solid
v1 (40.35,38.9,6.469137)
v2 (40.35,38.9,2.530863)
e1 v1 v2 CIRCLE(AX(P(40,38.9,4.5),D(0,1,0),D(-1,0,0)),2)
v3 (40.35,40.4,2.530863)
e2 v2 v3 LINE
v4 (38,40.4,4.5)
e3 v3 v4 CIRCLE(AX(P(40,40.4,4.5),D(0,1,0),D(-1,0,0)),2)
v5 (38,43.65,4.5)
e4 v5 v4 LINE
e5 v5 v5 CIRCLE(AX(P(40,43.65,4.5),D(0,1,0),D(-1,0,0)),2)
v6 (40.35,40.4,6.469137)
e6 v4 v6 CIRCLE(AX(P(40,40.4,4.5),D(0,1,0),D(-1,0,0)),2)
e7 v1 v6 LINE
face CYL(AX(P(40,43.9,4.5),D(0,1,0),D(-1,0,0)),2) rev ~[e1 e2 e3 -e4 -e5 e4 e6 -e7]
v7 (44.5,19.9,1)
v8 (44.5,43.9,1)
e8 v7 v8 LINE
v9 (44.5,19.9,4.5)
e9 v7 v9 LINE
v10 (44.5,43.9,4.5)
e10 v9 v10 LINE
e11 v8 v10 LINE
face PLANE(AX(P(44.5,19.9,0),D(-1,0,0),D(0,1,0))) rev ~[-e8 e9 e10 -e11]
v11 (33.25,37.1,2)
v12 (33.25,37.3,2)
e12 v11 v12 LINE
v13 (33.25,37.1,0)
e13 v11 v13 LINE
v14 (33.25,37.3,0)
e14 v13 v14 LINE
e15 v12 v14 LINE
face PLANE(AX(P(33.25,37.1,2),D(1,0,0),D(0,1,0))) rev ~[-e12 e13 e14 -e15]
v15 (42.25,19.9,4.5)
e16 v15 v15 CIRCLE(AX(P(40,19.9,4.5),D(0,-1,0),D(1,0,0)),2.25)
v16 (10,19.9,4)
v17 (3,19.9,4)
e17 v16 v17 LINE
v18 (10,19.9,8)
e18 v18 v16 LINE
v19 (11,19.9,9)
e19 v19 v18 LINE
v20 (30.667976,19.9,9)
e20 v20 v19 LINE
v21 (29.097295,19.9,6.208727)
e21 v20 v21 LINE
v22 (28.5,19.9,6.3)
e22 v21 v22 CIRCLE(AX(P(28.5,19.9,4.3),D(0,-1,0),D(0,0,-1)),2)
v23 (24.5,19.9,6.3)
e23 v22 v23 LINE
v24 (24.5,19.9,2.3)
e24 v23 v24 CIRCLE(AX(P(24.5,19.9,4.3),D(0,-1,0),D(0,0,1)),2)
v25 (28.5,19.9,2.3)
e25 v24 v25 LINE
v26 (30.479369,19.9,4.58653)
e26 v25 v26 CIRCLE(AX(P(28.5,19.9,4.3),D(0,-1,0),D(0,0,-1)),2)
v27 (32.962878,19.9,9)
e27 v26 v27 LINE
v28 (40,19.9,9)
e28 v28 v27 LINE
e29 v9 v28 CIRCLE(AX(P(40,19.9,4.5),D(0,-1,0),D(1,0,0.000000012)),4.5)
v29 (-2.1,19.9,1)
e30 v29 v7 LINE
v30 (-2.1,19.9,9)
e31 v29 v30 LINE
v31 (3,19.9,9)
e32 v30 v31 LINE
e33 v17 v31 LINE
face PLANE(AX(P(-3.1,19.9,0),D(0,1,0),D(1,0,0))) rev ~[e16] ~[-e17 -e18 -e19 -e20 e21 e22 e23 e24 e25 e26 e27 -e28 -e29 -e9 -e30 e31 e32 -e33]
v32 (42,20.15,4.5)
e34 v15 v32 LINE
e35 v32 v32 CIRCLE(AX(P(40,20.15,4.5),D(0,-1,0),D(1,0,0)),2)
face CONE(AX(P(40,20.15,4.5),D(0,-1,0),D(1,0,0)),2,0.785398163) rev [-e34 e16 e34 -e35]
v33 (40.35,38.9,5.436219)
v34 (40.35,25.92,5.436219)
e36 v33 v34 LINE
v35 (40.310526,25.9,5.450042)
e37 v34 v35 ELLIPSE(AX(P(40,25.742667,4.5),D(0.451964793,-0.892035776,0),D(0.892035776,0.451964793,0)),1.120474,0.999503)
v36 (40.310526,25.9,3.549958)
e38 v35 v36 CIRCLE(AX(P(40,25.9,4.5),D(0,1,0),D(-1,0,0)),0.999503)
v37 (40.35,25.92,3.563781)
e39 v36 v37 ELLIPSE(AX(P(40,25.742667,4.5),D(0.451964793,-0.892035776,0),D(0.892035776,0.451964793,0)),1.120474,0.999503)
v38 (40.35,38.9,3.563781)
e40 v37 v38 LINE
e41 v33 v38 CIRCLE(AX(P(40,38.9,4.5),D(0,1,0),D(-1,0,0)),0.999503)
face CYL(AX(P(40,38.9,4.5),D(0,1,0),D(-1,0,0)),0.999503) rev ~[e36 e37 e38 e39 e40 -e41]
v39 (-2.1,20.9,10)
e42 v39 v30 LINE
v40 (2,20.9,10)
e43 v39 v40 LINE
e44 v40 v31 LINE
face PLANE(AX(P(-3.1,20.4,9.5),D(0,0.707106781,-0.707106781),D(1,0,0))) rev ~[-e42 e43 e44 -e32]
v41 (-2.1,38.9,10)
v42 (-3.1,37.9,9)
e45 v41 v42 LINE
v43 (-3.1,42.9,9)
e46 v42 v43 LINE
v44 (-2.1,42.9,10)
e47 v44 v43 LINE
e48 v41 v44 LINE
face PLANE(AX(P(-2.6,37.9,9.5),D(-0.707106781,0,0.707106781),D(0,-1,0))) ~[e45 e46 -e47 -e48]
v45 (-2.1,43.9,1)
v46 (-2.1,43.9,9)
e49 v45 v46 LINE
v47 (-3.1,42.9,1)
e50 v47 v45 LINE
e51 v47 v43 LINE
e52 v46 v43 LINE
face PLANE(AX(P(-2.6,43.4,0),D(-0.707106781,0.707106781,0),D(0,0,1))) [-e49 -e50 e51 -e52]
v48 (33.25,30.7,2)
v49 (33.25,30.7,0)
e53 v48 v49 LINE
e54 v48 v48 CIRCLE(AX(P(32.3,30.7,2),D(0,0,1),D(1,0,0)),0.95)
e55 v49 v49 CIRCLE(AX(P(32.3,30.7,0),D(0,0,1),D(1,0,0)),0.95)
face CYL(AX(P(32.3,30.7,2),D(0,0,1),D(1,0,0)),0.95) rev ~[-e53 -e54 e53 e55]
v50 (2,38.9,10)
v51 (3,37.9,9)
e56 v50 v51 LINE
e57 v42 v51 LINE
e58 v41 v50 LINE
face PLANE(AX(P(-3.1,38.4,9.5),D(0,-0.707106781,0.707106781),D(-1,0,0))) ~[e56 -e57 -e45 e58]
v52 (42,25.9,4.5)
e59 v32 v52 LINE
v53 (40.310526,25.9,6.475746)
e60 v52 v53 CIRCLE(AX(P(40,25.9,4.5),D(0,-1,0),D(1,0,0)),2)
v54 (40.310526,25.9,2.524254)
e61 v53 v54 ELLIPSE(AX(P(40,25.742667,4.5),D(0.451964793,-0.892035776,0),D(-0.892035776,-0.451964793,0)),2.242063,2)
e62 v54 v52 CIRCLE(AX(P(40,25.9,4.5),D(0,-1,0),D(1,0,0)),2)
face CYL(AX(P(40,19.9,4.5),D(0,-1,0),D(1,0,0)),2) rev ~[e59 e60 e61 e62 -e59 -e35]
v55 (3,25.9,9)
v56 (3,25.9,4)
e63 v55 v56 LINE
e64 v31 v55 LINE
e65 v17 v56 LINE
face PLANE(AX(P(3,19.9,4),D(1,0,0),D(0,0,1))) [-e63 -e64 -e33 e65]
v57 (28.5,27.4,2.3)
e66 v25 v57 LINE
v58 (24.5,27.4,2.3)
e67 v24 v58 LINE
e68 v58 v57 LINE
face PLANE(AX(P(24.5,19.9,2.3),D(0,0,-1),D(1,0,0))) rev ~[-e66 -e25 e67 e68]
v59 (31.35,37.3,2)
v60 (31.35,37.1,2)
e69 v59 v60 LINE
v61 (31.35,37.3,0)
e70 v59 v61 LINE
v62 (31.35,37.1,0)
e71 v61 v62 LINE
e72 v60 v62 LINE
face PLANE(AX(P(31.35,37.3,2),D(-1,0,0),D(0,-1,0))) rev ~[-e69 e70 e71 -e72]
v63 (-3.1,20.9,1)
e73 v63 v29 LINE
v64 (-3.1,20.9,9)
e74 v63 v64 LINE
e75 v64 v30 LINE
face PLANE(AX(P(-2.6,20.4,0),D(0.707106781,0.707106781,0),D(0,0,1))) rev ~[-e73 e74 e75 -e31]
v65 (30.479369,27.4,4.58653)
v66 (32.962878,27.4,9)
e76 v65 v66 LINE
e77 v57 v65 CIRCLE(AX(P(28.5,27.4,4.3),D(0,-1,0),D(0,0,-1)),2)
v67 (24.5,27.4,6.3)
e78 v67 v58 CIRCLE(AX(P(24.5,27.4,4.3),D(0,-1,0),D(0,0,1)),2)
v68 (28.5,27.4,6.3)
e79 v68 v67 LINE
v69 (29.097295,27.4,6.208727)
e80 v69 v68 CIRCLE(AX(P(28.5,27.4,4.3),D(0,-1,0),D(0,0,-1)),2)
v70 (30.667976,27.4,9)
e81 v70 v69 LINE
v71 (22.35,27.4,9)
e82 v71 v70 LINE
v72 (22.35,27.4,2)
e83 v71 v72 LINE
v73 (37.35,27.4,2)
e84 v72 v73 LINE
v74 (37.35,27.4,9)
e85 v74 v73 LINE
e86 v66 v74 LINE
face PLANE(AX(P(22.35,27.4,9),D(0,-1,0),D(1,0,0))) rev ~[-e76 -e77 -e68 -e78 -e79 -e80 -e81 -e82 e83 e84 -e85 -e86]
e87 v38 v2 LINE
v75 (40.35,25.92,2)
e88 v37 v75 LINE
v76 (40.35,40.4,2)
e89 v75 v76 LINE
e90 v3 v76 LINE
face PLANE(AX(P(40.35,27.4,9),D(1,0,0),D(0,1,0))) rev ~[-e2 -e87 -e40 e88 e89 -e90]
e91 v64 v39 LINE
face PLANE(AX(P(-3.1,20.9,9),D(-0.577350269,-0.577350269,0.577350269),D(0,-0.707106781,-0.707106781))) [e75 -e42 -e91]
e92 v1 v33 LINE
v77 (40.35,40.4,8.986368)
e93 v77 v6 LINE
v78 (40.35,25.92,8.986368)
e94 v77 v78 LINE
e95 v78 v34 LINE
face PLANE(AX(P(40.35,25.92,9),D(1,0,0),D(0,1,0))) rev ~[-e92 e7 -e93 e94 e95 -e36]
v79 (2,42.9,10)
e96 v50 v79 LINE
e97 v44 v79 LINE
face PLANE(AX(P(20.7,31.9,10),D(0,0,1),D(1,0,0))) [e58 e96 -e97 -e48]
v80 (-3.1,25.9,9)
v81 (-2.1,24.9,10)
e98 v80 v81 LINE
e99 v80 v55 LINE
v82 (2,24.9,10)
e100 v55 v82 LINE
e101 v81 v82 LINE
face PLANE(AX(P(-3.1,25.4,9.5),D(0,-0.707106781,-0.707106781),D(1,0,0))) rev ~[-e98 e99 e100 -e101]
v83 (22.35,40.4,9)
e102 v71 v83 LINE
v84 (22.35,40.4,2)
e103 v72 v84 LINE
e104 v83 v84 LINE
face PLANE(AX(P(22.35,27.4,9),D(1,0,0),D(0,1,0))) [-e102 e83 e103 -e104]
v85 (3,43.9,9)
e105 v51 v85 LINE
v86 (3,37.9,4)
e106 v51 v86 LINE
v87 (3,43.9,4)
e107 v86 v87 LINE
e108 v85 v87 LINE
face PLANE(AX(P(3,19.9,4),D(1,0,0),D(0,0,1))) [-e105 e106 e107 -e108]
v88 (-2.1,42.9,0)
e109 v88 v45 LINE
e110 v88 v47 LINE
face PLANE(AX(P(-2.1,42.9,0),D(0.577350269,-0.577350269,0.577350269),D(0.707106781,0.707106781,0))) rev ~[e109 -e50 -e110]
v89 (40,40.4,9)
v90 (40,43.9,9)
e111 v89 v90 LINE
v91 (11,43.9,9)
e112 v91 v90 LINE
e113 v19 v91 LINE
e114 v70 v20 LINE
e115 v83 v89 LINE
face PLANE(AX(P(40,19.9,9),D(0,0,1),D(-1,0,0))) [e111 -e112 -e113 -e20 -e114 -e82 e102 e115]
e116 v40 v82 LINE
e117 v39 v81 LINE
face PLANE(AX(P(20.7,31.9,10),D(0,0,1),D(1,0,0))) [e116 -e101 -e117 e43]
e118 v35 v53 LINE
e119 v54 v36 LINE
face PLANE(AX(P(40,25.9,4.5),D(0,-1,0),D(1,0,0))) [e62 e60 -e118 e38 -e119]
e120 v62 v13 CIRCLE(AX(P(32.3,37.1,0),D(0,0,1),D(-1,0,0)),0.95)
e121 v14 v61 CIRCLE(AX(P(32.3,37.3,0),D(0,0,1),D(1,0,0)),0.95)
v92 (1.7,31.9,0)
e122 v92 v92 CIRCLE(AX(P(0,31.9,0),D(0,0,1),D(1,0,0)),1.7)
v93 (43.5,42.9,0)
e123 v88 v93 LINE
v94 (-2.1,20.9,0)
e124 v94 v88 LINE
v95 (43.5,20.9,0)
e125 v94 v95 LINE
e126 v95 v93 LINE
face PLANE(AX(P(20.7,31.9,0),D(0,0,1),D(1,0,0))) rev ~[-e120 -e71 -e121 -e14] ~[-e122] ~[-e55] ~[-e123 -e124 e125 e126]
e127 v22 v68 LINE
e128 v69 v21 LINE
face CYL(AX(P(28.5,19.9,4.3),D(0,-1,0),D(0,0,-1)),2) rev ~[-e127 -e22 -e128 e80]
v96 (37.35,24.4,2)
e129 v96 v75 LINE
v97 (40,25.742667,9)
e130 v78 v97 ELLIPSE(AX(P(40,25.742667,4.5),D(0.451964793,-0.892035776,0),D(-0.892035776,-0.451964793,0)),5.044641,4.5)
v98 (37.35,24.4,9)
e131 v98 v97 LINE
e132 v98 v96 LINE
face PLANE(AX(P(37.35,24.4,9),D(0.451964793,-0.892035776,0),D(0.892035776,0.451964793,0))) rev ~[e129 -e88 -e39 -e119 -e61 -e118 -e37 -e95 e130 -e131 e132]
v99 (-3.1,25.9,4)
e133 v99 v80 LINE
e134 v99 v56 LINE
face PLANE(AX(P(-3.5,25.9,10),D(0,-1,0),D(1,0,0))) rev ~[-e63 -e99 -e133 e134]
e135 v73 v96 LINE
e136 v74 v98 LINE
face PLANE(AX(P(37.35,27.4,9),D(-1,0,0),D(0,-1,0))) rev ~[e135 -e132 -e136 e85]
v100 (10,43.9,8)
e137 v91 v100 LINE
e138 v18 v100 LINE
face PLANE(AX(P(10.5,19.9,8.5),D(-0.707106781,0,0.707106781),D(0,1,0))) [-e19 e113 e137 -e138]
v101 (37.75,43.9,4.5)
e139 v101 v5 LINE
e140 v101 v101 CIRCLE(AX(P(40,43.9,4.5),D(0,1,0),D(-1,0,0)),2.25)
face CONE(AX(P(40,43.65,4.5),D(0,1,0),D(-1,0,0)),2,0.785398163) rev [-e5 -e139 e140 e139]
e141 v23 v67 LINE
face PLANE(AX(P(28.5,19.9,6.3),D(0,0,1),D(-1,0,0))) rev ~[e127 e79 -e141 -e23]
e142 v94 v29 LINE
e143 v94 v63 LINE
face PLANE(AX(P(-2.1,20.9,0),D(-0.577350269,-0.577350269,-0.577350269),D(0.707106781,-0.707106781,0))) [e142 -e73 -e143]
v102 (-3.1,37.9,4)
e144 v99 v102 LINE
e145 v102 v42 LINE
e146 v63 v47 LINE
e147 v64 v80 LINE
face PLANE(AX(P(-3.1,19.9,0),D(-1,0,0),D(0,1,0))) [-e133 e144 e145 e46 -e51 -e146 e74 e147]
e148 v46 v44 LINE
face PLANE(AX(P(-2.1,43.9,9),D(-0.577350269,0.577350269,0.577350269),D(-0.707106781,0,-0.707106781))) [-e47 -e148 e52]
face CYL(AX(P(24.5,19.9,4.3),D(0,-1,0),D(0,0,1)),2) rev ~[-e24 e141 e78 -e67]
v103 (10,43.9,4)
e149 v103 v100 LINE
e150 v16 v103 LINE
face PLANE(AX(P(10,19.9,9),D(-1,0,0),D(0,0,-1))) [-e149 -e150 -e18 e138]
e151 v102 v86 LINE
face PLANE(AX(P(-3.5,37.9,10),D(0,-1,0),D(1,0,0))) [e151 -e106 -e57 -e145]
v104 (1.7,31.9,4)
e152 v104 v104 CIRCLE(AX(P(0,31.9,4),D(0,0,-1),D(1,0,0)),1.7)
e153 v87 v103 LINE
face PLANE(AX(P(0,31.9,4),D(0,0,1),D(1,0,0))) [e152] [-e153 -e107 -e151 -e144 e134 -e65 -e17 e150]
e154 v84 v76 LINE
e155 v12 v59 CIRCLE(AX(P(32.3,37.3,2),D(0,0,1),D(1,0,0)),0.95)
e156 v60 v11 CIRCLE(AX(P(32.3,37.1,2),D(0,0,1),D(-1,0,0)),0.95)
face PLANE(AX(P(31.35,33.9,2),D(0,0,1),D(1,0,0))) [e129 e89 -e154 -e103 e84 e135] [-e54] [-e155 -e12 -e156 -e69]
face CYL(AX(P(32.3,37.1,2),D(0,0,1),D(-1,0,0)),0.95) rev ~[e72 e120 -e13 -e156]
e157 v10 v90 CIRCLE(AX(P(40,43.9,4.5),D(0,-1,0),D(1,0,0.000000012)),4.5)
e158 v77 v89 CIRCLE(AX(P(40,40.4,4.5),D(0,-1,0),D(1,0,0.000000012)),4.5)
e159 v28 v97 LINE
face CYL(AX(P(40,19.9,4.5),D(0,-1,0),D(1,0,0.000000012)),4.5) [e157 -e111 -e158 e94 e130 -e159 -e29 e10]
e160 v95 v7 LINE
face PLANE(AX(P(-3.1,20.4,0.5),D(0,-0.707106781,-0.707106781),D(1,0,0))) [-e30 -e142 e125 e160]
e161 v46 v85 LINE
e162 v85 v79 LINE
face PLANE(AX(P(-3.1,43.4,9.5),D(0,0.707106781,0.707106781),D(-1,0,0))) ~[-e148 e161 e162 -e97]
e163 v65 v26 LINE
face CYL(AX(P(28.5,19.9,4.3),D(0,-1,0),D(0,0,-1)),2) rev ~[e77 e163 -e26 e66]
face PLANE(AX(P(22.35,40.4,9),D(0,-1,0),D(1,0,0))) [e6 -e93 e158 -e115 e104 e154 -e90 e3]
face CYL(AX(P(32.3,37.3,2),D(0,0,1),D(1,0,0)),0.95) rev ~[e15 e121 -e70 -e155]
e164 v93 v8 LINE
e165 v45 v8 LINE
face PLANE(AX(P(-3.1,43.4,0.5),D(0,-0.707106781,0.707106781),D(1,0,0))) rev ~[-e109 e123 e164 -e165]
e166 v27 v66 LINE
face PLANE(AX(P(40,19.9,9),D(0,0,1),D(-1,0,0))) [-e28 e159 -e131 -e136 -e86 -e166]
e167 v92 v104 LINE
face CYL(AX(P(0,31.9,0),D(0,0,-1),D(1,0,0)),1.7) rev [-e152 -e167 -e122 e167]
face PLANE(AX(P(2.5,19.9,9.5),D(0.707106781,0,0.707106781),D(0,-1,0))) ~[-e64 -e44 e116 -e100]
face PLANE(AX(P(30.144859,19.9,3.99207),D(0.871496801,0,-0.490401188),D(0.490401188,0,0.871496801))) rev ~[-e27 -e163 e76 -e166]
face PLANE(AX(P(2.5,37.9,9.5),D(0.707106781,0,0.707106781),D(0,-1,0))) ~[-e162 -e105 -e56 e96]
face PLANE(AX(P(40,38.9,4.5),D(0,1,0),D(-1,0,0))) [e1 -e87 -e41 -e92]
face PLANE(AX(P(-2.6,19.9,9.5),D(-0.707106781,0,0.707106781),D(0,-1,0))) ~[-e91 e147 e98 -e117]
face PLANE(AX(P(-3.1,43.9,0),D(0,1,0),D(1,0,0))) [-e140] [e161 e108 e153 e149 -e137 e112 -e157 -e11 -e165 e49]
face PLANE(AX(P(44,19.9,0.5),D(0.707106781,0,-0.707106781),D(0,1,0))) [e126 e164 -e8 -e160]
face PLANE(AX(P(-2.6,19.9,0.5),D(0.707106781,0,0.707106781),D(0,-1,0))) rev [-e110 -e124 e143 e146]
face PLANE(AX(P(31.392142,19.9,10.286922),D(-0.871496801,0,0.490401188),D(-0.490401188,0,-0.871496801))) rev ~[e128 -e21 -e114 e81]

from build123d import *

# Parameters (mm, degrees)
SKETCH014_W     = 47.6
SKETCH014_H     = 24
SKETCH014_R     = 1.7
PAD003_DEPTH    = 10
POCKET011_DEPTH = 24.001
SKETCH016_R     = 2
POCKET012_DEPTH = 6
SKETCH017_W     = 7
SKETCH017_H     = 12
POCKET013_DEPTH = 6
SKETCH033_R     = 2
POCKET022_DEPTH = 5
SKETCH034_R     = 0.999503
POCKET023_DEPTH = 19.001
SKETCH020_W     = 18
SKETCH020_H     = 13
POCKET024_DEPTH = 7
SKETCH021_R     = 0.95
POCKET025_DEPTH = 5
POCKET026_DEPTH = 7
POCKET027_DEPTH = 8
POCKET028_DEPTH = 8
CHAMFER006_SIZE = 1
CHAMFER007_SIZE = 0.25


with BuildPart() as part:
    # Sketch014 → Pad003 (new body)
    with BuildSketch(Plane.XY):
        with Locations((20.7, 0)):
            Rectangle(SKETCH014_W, SKETCH014_H)
        Circle(SKETCH014_R, mode=Mode.SUBTRACT)
    extrude(amount=PAD003_DEPTH)

    # Sketch015 (on Face3 of Pad003) → Pocket011 (cut, through all)
    with BuildSketch(Plane.XZ.offset(12)):
        with BuildLine():
            Line((3, 10.1), (44.5, 10.1))
            Line((44.5, 4.5), (44.5, 10.1))
            ThreePointArc((44.5, 4.5), (43.181981, 7.68198), (40, 9))
            Line((40, 9), (10, 9))
            Line((10, 9), (10, 4))
            Line((10, 4), (3, 4))
            Line((3, 4), (3, 10.1))
        make_face()
    extrude(amount=-POCKET011_DEPTH, mode=Mode.SUBTRACT)

    # Sketch016 (on Face11 of Pocket011) → Pocket012 (cut)
    with BuildSketch(Plane.XZ.offset(12)):
        with Locations((40, 4.5)):
            Circle(SKETCH016_R)
    extrude(amount=-POCKET012_DEPTH, mode=Mode.SUBTRACT)

    # Sketch017 (on Face9 of Pocket012) → Pocket013 (cut)
    with BuildSketch(Plane.XY.offset(10)):
        Rectangle(SKETCH017_W, SKETCH017_H)
    extrude(amount=-POCKET013_DEPTH, mode=Mode.SUBTRACT)

    # Sketch033 (on Face1 of Pocket013) → Pocket022 (cut)
    with BuildSketch(Plane(origin=(0, 12, 0), x_dir=(-1, 0, 0), z_dir=(0, 1, 0))):
        with Locations((-40, 4.5)):
            Circle(SKETCH033_R)
    extrude(amount=-POCKET022_DEPTH, mode=Mode.SUBTRACT)

    # Sketch034 (on Face20 of Pocket022) → Pocket023 (cut, through all)
    with BuildSketch(Plane(origin=(0, 7, 0), x_dir=(-1, 0, 0), z_dir=(0, 1, 0))):
        with Locations((-40, 4.5)):
            Circle(SKETCH034_R)
    extrude(amount=-POCKET023_DEPTH, mode=Mode.SUBTRACT)

    # Sketch020 (on Face5 of Pocket013) → Pocket024 (cut)
    with BuildSketch(Plane.XY.offset(9)):
        with Locations((31.35, 2)):
            Rectangle(SKETCH020_W, SKETCH020_H)
    extrude(amount=-POCKET024_DEPTH, mode=Mode.SUBTRACT)

    # Sketch021 (on Face27 of Pocket024) → Pocket025 (cut)
    with BuildSketch(Plane.XY.offset(2)):
        with Locations((32.3, -1.2)):
            Circle(SKETCH021_R)
        with BuildLine():
            ThreePointArc((33.25, 5.4), (32.3, 6.35), (31.35, 5.4))
            Line((31.35, 5.4), (31.35, 5.2))
            ThreePointArc((31.35, 5.2), (32.3, 4.25), (33.25, 5.2))
            Line((33.25, 5.2), (33.25, 5.4))
        make_face()
    extrude(amount=-POCKET025_DEPTH, mode=Mode.SUBTRACT)

    # Sketch023 (on Face8 of Pocket025) → Pocket026 (cut)
    with BuildSketch(Plane.XY.offset(9)):
        Polygon((40.35, -4.5), (37.35, -4.5), (37.35, -7.5), (40.35, -5.98), align=None)
    extrude(amount=-POCKET026_DEPTH, mode=Mode.SUBTRACT)

    # Sketch024 (on Face12 of Pocket026) → Pocket027 (cut)
    with BuildSketch(Plane.XZ.offset(12)):
        with BuildLine():
            ThreePointArc((28.5, 2.3), (30.5, 4.3), (28.5, 6.3))
            Line((28.5, 6.3), (24.5, 6.3))
            ThreePointArc((24.5, 6.3), (22.5, 4.3), (24.5, 2.3))
            Line((24.5, 2.3), (28.5, 2.3))
        make_face()
    extrude(amount=-POCKET027_DEPTH, mode=Mode.SUBTRACT)

    # Sketch032 (on Face12 of Pocket027) → Pocket028 (cut)
    with BuildSketch(Plane.XZ.offset(12)):
        Polygon((31.392142, 10.286922), (27.849957, 3.99207), (30.144859, 3.99207), (33.687044, 10.286922), align=None)
    extrude(amount=-POCKET028_DEPTH, mode=Mode.SUBTRACT)

    # Chamfer006
    chamfer006_edges = [part.edges().sort_by_distance(p)[0] for p in [
        (-0.05, -12, 10),
        (-3.1, -9, 10),
        (-0.05, -6, 10),
        (3, -9, 10),
        (-0.05, 6, 10),
        (-3.1, 9, 10),
        (-0.05, 12, 10),
        (3, 9, 10),
        (10, 0, 9),
        (-3.1, -12, 5),
        (-3.1, 12, 5),
        (-3.1, 0, 0),
        (20.7, -12, 0),
        (20.7, 12, 0),
        (44.5, 0, 0),
    ]]
    chamfer(chamfer006_edges, length=CHAMFER006_SIZE)

    # Chamfer007
    chamfer007_edges = [part.edges().sort_by_distance(p)[0] for p in [
        (42, 12, 4.5),
        (38, -12, 4.5),
    ]]
    chamfer(chamfer007_edges, length=CHAMFER007_SIZE)


with BuildPart() as part_1:
    # Body002 placement: moved
    add(part.part.moved(Location((0, 31.9, 0))))


solid = part_1.part
